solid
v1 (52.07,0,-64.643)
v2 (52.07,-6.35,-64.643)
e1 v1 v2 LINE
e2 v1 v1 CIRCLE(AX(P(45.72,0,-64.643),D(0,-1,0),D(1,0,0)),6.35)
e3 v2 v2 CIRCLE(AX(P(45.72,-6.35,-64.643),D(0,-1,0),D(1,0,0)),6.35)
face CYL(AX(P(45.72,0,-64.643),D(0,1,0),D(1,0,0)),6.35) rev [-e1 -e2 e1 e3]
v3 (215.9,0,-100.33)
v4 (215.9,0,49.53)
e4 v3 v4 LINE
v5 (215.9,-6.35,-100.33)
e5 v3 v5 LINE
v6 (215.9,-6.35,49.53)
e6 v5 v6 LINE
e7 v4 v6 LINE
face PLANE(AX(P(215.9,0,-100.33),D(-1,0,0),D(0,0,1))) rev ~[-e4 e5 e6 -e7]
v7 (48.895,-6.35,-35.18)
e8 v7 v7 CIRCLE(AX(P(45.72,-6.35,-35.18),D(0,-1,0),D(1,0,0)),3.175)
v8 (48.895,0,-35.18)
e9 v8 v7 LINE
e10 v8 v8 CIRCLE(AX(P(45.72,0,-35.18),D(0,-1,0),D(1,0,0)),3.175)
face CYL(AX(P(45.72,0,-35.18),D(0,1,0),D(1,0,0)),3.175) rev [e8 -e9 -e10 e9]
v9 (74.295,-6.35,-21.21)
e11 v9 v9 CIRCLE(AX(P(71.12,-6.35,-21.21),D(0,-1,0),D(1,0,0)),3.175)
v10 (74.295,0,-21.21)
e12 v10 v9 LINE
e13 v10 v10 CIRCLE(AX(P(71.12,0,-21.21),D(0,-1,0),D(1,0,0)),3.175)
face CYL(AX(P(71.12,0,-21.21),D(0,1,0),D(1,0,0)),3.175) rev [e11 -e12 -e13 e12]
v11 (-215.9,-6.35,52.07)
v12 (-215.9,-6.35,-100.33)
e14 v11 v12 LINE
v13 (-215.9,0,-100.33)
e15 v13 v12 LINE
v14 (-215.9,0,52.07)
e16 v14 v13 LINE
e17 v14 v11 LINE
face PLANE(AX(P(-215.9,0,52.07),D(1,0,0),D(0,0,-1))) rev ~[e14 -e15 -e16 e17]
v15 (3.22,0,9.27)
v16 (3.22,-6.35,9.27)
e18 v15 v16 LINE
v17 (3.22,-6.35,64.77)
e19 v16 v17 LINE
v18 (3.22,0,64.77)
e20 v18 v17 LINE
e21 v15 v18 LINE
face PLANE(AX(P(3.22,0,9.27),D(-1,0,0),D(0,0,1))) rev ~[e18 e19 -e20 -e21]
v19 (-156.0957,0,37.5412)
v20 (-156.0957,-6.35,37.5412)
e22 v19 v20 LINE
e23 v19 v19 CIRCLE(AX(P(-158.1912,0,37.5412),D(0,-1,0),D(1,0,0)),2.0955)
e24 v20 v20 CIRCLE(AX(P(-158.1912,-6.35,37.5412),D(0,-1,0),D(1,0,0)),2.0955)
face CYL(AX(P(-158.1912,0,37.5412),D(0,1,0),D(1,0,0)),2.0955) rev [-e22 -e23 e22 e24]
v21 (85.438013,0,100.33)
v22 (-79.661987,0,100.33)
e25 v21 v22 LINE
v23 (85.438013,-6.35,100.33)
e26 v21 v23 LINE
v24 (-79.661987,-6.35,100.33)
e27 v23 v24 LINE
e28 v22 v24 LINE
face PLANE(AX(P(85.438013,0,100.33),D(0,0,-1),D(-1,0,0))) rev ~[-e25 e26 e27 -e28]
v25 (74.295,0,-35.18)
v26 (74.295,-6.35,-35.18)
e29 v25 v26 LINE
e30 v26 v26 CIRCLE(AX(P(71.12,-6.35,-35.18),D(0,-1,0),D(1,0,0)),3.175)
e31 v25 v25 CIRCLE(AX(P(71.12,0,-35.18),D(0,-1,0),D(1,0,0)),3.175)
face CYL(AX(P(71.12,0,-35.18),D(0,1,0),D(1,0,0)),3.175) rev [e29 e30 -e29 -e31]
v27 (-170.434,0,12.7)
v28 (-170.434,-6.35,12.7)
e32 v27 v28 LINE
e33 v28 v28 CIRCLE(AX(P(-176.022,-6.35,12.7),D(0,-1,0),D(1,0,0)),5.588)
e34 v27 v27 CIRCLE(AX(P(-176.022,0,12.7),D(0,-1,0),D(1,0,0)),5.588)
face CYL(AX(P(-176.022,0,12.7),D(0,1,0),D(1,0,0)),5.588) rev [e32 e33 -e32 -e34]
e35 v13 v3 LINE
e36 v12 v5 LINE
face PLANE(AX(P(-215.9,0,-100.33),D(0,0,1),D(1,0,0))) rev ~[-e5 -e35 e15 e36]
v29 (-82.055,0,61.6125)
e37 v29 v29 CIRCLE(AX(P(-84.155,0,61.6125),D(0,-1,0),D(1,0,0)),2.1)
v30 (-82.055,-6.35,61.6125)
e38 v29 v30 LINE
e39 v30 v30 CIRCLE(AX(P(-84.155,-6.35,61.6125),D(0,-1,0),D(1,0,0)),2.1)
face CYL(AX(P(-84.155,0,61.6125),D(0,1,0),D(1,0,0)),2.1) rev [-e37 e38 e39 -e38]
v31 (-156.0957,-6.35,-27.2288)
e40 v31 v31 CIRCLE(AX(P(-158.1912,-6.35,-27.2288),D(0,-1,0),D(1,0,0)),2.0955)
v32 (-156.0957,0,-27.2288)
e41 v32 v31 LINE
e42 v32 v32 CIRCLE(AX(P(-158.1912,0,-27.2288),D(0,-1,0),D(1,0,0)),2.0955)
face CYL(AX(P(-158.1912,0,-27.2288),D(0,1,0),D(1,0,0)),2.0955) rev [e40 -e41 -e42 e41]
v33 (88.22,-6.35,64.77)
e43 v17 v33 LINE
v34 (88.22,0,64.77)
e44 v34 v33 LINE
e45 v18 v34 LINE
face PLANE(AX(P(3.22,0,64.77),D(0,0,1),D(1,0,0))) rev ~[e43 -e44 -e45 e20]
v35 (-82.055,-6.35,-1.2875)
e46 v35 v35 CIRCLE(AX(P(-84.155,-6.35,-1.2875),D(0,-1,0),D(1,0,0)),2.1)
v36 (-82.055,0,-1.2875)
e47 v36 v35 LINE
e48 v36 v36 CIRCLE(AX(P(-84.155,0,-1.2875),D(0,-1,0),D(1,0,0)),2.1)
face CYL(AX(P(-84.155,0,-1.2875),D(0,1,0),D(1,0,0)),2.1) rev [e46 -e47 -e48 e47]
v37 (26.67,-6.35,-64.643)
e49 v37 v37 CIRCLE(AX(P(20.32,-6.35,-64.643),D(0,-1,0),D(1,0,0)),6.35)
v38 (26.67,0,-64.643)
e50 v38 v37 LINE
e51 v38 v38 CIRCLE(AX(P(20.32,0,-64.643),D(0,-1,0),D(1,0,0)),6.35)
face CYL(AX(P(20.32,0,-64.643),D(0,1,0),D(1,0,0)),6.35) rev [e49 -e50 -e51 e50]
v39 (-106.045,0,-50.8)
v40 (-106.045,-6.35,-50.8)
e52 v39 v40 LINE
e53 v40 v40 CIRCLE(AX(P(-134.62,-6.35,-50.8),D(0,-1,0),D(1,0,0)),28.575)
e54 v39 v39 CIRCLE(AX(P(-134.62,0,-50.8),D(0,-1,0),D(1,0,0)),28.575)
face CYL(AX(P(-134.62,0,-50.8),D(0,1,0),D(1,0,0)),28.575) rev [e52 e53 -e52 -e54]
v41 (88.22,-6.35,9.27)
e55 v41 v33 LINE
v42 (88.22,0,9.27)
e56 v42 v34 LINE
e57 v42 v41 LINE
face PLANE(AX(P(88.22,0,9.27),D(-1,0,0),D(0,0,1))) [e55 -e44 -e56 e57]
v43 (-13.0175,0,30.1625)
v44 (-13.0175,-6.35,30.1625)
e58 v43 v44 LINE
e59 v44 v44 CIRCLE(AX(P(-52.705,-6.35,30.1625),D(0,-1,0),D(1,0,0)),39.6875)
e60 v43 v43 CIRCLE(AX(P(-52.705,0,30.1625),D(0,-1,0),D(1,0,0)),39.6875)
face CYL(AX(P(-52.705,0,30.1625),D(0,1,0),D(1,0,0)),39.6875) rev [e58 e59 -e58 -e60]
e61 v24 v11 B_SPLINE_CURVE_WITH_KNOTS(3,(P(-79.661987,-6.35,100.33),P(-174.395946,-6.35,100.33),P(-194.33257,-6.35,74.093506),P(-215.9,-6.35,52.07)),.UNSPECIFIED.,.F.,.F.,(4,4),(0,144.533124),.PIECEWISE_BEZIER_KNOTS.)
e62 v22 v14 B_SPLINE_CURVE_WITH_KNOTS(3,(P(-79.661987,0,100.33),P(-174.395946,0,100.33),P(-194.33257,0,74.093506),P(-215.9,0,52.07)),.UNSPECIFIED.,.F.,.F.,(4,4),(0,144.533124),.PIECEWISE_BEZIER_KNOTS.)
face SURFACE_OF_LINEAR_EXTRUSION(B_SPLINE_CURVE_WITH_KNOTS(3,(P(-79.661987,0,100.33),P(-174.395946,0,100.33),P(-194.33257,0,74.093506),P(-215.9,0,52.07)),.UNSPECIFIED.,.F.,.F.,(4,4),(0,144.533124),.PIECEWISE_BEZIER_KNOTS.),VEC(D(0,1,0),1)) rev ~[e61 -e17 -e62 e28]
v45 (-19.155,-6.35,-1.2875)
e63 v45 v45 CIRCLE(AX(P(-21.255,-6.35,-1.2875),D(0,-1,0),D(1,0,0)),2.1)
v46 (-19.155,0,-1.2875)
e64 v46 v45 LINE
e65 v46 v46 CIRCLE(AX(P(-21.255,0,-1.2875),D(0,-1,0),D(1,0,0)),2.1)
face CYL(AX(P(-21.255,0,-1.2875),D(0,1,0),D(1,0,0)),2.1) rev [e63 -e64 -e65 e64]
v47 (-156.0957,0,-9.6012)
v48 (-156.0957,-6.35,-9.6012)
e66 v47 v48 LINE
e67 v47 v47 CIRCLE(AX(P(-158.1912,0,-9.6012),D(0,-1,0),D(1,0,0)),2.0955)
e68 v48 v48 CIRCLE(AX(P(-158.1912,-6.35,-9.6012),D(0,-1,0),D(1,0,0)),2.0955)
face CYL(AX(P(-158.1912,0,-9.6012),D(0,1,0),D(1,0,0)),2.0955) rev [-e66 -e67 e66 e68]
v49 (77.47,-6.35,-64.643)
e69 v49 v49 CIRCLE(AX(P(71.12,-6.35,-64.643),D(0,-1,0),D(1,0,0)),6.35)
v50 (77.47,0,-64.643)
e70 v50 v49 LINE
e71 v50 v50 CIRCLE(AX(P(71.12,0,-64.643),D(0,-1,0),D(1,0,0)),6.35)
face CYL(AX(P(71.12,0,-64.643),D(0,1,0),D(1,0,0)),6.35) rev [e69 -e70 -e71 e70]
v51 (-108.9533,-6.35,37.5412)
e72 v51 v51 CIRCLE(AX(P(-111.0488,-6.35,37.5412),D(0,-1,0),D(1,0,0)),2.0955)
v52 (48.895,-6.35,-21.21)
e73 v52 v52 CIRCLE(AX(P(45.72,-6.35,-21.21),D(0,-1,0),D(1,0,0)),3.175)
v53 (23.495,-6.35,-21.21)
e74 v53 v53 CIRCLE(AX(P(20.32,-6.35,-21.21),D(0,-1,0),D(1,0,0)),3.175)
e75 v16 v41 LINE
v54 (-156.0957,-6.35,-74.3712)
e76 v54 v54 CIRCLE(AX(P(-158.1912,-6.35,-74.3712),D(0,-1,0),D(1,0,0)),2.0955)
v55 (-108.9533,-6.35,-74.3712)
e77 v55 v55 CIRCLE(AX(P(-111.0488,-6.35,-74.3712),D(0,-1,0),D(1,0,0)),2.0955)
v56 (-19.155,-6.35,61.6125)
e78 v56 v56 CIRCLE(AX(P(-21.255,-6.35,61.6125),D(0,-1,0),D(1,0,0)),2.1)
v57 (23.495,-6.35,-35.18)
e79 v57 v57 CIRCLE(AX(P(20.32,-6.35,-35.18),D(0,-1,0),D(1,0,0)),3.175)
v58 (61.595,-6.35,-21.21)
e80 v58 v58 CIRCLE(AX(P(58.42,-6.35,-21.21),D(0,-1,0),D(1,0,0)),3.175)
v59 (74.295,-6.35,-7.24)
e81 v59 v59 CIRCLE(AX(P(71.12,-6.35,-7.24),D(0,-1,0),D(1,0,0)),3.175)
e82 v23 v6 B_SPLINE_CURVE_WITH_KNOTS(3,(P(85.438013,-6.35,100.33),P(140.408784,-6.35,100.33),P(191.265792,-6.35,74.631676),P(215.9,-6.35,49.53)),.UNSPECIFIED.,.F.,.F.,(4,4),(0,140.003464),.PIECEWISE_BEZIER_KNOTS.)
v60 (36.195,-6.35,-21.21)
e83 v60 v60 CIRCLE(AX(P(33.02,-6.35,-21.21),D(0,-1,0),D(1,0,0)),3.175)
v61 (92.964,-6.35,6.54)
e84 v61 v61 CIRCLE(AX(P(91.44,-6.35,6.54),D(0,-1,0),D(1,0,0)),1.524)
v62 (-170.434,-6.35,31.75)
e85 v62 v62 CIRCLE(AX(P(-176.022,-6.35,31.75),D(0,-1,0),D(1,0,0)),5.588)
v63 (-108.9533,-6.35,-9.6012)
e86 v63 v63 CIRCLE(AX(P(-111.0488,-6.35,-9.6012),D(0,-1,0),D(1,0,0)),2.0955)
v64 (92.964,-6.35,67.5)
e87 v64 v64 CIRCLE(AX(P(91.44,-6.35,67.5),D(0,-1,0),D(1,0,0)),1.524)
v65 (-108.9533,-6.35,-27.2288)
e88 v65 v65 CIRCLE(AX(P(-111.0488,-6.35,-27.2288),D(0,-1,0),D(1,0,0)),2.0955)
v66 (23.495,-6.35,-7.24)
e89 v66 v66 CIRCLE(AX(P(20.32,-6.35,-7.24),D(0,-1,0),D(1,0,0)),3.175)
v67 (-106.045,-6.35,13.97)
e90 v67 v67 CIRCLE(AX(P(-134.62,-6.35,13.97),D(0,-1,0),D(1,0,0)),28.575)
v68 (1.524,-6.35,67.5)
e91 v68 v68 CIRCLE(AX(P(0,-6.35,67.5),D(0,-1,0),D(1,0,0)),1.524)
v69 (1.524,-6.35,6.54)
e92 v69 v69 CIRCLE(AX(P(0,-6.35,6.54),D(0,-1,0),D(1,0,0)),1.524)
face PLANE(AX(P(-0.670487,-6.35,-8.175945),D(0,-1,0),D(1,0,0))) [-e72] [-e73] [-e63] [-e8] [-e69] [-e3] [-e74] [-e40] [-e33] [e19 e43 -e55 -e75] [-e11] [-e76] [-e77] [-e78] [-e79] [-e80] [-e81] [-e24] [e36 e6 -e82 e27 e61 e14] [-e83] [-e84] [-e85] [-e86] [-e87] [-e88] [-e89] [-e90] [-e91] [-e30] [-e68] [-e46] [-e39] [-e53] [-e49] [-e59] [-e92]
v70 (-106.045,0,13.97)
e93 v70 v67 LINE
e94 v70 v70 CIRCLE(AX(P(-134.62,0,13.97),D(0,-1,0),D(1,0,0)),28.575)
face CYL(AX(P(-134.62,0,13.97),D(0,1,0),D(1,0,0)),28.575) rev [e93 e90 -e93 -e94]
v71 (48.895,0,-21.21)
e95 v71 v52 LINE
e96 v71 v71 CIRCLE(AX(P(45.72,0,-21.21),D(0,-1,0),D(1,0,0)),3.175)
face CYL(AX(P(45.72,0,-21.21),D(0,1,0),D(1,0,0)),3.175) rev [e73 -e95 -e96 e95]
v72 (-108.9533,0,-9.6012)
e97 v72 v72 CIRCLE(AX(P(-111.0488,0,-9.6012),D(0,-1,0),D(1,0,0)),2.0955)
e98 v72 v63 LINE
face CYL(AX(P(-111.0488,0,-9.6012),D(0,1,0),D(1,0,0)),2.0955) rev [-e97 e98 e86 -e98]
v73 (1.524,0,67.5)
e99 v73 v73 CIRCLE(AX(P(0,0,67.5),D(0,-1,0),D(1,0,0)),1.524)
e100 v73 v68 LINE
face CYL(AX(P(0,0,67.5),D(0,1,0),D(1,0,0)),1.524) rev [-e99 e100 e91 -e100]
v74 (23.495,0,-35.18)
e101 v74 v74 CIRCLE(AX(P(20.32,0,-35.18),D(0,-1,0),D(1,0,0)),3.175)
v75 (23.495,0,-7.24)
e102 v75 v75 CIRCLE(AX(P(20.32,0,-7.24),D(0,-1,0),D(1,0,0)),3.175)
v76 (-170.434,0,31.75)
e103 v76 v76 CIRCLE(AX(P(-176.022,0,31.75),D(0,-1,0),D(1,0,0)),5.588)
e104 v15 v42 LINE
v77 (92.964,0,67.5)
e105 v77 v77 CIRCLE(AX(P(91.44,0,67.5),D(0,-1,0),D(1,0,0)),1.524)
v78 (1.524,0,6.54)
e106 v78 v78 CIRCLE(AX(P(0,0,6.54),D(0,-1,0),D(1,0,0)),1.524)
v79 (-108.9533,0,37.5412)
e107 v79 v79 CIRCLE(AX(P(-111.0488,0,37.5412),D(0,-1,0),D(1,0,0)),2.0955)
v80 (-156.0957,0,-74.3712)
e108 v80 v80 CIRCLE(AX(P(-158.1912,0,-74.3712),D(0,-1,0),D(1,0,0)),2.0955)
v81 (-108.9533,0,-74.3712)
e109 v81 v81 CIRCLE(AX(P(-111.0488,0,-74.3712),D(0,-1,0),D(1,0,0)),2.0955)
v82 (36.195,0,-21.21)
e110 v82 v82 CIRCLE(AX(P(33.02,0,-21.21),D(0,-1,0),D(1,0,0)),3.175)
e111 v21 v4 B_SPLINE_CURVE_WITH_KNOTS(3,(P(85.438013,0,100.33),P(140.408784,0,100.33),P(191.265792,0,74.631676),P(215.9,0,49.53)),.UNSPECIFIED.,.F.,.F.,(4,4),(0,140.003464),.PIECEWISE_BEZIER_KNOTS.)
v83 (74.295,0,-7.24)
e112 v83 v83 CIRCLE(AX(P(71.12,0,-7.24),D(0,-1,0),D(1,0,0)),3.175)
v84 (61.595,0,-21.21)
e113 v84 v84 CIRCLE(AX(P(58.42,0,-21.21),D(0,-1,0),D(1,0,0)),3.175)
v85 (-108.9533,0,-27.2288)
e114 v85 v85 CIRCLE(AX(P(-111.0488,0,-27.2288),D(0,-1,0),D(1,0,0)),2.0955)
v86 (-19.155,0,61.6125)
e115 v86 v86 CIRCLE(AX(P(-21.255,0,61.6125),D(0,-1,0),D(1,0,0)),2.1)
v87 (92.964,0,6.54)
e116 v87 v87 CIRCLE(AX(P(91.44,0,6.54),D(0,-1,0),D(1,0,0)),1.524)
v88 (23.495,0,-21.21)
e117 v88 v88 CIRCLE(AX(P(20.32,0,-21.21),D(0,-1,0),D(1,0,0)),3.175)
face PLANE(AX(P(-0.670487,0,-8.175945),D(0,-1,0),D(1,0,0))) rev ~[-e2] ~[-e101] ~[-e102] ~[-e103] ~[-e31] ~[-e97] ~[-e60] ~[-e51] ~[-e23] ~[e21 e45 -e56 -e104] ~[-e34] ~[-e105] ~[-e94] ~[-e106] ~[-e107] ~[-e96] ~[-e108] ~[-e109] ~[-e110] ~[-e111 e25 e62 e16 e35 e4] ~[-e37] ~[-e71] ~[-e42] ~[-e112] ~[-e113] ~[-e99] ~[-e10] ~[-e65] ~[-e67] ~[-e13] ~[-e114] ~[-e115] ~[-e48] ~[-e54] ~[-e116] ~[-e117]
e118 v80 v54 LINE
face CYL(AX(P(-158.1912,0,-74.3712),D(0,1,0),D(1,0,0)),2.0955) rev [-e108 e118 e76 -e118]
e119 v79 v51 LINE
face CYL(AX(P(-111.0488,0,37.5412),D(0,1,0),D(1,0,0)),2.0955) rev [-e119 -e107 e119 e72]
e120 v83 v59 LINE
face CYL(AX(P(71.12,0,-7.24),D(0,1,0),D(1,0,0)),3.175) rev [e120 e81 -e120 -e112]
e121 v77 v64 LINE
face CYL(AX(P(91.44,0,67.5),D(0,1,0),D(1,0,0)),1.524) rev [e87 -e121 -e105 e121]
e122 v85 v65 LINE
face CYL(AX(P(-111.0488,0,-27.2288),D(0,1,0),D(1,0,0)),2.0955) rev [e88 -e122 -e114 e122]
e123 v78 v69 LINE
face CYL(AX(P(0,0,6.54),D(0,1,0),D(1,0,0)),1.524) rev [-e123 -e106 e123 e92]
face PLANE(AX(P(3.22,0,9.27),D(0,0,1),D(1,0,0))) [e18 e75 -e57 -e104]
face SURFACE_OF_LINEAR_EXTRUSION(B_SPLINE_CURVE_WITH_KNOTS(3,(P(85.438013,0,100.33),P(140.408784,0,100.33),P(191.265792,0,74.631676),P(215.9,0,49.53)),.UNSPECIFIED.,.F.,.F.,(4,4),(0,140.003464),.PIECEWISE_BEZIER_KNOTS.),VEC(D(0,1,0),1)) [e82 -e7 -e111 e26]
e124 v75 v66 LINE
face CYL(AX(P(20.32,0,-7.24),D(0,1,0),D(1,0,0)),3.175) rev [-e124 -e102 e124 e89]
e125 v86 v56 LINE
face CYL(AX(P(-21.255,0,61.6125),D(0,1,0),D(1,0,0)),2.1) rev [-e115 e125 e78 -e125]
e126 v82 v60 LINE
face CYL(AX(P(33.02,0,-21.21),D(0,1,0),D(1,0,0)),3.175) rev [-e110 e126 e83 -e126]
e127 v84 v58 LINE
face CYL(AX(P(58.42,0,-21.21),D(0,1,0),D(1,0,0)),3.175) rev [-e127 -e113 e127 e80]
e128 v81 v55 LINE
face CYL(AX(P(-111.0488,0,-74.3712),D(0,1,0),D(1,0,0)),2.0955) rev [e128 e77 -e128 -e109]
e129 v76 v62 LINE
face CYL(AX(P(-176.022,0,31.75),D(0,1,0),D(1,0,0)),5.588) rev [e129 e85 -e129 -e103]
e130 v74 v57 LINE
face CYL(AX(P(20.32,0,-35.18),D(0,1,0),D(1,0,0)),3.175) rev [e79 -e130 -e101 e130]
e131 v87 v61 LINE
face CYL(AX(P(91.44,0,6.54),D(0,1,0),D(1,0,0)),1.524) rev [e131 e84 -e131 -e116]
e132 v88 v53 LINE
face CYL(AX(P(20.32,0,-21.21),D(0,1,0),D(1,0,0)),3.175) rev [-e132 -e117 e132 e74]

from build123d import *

# Parameters (mm, degrees)
F0_R     = 2.0955
F0_R_2   = 28.575
F0_R_3   = 2.1
F0_R_4   = 6.35
F0_R_5   = 3.175
F0_R_6   = 5.588
F0_R_7   = 39.6875
F0_R_8   = 1.524
F0_W     = 85
F0_H     = 55.5
F1_DEPTH = 6.35


with BuildPart() as f1:
    # F0 (on Front) → F1 (new body)
    with BuildSketch(Plane.XZ):
        with BuildLine():
            Line((-215.9, 52.07), (-215.9, -100.33))
            Line((-215.9, -100.33), (215.9, -100.33))
            Line((215.9, -100.33), (215.9, 49.53))
            add(Edge.make_bspline(
                [(85.438013, 100.33), (140.408784, 100.33), (191.265792, 74.631676), (215.9, 49.53)],
                knots=[0, 0, 0, 0, 140.003464, 140.003464, 140.003464, 140.003464], degree=3))
            Line((85.438013, 100.33), (-79.661987, 100.33))
            add(Edge.make_bspline(
                [(-79.661987, 100.33), (-174.395946, 100.33), (-194.33257, 74.093506), (-215.9, 52.07)],
                knots=[0, 0, 0, 0, 144.533124, 144.533124, 144.533124, 144.533124], degree=3))
        make_face()
        with Locations((-158.1912, -74.3712)):
            Circle(F0_R, mode=Mode.SUBTRACT)
        with Locations((-111.0488, -74.3712)):
            Circle(F0_R, mode=Mode.SUBTRACT)
        with Locations((-134.62, -50.8)):
            Circle(F0_R_2, mode=Mode.SUBTRACT)
        with Locations((-158.1912, -27.2288)):
            Circle(F0_R, mode=Mode.SUBTRACT)
        with Locations((-111.0488, -27.2288)):
            Circle(F0_R, mode=Mode.SUBTRACT)
        with Locations((-158.1912, -9.6012)):
            Circle(F0_R, mode=Mode.SUBTRACT)
        with Locations((-111.0488, -9.6012)):
            Circle(F0_R, mode=Mode.SUBTRACT)
        with Locations((-84.155, -1.2875)):
            Circle(F0_R_3, mode=Mode.SUBTRACT)
        with Locations((-21.255, -1.2875)):
            Circle(F0_R_3, mode=Mode.SUBTRACT)
        with Locations((20.32, -64.643)):
            Circle(F0_R_4, mode=Mode.SUBTRACT)
        with Locations((45.72, -64.643)):
            Circle(F0_R_4, mode=Mode.SUBTRACT)
        with Locations((71.12, -64.643)):
            Circle(F0_R_4, mode=Mode.SUBTRACT)
        with Locations((20.32, -35.18)):
            Circle(F0_R_5, mode=Mode.SUBTRACT)
        with Locations((45.72, -35.18)):
            Circle(F0_R_5, mode=Mode.SUBTRACT)
        with Locations((71.12, -35.18)):
            Circle(F0_R_5, mode=Mode.SUBTRACT)
        with Locations((20.32, -21.21)):
            Circle(F0_R_5, mode=Mode.SUBTRACT)
        with Locations((33.02, -21.21)):
            Circle(F0_R_5, mode=Mode.SUBTRACT)
        with Locations((45.72, -21.21)):
            Circle(F0_R_5, mode=Mode.SUBTRACT)
        with Locations((20.32, -7.24)):
            Circle(F0_R_5, mode=Mode.SUBTRACT)
        with Locations((58.42, -21.21)):
            Circle(F0_R_5, mode=Mode.SUBTRACT)
        with Locations((71.12, -21.21)):
            Circle(F0_R_5, mode=Mode.SUBTRACT)
        with Locations((71.12, -7.24)):
            Circle(F0_R_5, mode=Mode.SUBTRACT)
        with Locations((-176.022, 12.7)):
            Circle(F0_R_6, mode=Mode.SUBTRACT)
        with Locations((-134.62, 13.97)):
            Circle(F0_R_2, mode=Mode.SUBTRACT)
        with Locations((-176.022, 31.75)):
            Circle(F0_R_6, mode=Mode.SUBTRACT)
        with Locations((-158.1912, 37.5412)):
            Circle(F0_R, mode=Mode.SUBTRACT)
        with Locations((-111.0488, 37.5412)):
            Circle(F0_R, mode=Mode.SUBTRACT)
        with Locations((-52.705, 30.1625)):
            Circle(F0_R_7, mode=Mode.SUBTRACT)
        with Locations((-84.155, 61.6125)):
            Circle(F0_R_3, mode=Mode.SUBTRACT)
        with Locations((-21.255, 61.6125)):
            Circle(F0_R_3, mode=Mode.SUBTRACT)
        with Locations((0, 6.54)):
            Circle(F0_R_8, mode=Mode.SUBTRACT)
        with Locations((91.44, 6.54)):
            Circle(F0_R_8, mode=Mode.SUBTRACT)
        with Locations((45.72, 37.02)):
            Rectangle(F0_W, F0_H, mode=Mode.SUBTRACT)
        with Locations((0, 67.5)):
            Circle(F0_R_8, mode=Mode.SUBTRACT)
        with Locations((91.44, 67.5)):
            Circle(F0_R_8, mode=Mode.SUBTRACT)
    extrude(amount=F1_DEPTH)


solid = f1.part
